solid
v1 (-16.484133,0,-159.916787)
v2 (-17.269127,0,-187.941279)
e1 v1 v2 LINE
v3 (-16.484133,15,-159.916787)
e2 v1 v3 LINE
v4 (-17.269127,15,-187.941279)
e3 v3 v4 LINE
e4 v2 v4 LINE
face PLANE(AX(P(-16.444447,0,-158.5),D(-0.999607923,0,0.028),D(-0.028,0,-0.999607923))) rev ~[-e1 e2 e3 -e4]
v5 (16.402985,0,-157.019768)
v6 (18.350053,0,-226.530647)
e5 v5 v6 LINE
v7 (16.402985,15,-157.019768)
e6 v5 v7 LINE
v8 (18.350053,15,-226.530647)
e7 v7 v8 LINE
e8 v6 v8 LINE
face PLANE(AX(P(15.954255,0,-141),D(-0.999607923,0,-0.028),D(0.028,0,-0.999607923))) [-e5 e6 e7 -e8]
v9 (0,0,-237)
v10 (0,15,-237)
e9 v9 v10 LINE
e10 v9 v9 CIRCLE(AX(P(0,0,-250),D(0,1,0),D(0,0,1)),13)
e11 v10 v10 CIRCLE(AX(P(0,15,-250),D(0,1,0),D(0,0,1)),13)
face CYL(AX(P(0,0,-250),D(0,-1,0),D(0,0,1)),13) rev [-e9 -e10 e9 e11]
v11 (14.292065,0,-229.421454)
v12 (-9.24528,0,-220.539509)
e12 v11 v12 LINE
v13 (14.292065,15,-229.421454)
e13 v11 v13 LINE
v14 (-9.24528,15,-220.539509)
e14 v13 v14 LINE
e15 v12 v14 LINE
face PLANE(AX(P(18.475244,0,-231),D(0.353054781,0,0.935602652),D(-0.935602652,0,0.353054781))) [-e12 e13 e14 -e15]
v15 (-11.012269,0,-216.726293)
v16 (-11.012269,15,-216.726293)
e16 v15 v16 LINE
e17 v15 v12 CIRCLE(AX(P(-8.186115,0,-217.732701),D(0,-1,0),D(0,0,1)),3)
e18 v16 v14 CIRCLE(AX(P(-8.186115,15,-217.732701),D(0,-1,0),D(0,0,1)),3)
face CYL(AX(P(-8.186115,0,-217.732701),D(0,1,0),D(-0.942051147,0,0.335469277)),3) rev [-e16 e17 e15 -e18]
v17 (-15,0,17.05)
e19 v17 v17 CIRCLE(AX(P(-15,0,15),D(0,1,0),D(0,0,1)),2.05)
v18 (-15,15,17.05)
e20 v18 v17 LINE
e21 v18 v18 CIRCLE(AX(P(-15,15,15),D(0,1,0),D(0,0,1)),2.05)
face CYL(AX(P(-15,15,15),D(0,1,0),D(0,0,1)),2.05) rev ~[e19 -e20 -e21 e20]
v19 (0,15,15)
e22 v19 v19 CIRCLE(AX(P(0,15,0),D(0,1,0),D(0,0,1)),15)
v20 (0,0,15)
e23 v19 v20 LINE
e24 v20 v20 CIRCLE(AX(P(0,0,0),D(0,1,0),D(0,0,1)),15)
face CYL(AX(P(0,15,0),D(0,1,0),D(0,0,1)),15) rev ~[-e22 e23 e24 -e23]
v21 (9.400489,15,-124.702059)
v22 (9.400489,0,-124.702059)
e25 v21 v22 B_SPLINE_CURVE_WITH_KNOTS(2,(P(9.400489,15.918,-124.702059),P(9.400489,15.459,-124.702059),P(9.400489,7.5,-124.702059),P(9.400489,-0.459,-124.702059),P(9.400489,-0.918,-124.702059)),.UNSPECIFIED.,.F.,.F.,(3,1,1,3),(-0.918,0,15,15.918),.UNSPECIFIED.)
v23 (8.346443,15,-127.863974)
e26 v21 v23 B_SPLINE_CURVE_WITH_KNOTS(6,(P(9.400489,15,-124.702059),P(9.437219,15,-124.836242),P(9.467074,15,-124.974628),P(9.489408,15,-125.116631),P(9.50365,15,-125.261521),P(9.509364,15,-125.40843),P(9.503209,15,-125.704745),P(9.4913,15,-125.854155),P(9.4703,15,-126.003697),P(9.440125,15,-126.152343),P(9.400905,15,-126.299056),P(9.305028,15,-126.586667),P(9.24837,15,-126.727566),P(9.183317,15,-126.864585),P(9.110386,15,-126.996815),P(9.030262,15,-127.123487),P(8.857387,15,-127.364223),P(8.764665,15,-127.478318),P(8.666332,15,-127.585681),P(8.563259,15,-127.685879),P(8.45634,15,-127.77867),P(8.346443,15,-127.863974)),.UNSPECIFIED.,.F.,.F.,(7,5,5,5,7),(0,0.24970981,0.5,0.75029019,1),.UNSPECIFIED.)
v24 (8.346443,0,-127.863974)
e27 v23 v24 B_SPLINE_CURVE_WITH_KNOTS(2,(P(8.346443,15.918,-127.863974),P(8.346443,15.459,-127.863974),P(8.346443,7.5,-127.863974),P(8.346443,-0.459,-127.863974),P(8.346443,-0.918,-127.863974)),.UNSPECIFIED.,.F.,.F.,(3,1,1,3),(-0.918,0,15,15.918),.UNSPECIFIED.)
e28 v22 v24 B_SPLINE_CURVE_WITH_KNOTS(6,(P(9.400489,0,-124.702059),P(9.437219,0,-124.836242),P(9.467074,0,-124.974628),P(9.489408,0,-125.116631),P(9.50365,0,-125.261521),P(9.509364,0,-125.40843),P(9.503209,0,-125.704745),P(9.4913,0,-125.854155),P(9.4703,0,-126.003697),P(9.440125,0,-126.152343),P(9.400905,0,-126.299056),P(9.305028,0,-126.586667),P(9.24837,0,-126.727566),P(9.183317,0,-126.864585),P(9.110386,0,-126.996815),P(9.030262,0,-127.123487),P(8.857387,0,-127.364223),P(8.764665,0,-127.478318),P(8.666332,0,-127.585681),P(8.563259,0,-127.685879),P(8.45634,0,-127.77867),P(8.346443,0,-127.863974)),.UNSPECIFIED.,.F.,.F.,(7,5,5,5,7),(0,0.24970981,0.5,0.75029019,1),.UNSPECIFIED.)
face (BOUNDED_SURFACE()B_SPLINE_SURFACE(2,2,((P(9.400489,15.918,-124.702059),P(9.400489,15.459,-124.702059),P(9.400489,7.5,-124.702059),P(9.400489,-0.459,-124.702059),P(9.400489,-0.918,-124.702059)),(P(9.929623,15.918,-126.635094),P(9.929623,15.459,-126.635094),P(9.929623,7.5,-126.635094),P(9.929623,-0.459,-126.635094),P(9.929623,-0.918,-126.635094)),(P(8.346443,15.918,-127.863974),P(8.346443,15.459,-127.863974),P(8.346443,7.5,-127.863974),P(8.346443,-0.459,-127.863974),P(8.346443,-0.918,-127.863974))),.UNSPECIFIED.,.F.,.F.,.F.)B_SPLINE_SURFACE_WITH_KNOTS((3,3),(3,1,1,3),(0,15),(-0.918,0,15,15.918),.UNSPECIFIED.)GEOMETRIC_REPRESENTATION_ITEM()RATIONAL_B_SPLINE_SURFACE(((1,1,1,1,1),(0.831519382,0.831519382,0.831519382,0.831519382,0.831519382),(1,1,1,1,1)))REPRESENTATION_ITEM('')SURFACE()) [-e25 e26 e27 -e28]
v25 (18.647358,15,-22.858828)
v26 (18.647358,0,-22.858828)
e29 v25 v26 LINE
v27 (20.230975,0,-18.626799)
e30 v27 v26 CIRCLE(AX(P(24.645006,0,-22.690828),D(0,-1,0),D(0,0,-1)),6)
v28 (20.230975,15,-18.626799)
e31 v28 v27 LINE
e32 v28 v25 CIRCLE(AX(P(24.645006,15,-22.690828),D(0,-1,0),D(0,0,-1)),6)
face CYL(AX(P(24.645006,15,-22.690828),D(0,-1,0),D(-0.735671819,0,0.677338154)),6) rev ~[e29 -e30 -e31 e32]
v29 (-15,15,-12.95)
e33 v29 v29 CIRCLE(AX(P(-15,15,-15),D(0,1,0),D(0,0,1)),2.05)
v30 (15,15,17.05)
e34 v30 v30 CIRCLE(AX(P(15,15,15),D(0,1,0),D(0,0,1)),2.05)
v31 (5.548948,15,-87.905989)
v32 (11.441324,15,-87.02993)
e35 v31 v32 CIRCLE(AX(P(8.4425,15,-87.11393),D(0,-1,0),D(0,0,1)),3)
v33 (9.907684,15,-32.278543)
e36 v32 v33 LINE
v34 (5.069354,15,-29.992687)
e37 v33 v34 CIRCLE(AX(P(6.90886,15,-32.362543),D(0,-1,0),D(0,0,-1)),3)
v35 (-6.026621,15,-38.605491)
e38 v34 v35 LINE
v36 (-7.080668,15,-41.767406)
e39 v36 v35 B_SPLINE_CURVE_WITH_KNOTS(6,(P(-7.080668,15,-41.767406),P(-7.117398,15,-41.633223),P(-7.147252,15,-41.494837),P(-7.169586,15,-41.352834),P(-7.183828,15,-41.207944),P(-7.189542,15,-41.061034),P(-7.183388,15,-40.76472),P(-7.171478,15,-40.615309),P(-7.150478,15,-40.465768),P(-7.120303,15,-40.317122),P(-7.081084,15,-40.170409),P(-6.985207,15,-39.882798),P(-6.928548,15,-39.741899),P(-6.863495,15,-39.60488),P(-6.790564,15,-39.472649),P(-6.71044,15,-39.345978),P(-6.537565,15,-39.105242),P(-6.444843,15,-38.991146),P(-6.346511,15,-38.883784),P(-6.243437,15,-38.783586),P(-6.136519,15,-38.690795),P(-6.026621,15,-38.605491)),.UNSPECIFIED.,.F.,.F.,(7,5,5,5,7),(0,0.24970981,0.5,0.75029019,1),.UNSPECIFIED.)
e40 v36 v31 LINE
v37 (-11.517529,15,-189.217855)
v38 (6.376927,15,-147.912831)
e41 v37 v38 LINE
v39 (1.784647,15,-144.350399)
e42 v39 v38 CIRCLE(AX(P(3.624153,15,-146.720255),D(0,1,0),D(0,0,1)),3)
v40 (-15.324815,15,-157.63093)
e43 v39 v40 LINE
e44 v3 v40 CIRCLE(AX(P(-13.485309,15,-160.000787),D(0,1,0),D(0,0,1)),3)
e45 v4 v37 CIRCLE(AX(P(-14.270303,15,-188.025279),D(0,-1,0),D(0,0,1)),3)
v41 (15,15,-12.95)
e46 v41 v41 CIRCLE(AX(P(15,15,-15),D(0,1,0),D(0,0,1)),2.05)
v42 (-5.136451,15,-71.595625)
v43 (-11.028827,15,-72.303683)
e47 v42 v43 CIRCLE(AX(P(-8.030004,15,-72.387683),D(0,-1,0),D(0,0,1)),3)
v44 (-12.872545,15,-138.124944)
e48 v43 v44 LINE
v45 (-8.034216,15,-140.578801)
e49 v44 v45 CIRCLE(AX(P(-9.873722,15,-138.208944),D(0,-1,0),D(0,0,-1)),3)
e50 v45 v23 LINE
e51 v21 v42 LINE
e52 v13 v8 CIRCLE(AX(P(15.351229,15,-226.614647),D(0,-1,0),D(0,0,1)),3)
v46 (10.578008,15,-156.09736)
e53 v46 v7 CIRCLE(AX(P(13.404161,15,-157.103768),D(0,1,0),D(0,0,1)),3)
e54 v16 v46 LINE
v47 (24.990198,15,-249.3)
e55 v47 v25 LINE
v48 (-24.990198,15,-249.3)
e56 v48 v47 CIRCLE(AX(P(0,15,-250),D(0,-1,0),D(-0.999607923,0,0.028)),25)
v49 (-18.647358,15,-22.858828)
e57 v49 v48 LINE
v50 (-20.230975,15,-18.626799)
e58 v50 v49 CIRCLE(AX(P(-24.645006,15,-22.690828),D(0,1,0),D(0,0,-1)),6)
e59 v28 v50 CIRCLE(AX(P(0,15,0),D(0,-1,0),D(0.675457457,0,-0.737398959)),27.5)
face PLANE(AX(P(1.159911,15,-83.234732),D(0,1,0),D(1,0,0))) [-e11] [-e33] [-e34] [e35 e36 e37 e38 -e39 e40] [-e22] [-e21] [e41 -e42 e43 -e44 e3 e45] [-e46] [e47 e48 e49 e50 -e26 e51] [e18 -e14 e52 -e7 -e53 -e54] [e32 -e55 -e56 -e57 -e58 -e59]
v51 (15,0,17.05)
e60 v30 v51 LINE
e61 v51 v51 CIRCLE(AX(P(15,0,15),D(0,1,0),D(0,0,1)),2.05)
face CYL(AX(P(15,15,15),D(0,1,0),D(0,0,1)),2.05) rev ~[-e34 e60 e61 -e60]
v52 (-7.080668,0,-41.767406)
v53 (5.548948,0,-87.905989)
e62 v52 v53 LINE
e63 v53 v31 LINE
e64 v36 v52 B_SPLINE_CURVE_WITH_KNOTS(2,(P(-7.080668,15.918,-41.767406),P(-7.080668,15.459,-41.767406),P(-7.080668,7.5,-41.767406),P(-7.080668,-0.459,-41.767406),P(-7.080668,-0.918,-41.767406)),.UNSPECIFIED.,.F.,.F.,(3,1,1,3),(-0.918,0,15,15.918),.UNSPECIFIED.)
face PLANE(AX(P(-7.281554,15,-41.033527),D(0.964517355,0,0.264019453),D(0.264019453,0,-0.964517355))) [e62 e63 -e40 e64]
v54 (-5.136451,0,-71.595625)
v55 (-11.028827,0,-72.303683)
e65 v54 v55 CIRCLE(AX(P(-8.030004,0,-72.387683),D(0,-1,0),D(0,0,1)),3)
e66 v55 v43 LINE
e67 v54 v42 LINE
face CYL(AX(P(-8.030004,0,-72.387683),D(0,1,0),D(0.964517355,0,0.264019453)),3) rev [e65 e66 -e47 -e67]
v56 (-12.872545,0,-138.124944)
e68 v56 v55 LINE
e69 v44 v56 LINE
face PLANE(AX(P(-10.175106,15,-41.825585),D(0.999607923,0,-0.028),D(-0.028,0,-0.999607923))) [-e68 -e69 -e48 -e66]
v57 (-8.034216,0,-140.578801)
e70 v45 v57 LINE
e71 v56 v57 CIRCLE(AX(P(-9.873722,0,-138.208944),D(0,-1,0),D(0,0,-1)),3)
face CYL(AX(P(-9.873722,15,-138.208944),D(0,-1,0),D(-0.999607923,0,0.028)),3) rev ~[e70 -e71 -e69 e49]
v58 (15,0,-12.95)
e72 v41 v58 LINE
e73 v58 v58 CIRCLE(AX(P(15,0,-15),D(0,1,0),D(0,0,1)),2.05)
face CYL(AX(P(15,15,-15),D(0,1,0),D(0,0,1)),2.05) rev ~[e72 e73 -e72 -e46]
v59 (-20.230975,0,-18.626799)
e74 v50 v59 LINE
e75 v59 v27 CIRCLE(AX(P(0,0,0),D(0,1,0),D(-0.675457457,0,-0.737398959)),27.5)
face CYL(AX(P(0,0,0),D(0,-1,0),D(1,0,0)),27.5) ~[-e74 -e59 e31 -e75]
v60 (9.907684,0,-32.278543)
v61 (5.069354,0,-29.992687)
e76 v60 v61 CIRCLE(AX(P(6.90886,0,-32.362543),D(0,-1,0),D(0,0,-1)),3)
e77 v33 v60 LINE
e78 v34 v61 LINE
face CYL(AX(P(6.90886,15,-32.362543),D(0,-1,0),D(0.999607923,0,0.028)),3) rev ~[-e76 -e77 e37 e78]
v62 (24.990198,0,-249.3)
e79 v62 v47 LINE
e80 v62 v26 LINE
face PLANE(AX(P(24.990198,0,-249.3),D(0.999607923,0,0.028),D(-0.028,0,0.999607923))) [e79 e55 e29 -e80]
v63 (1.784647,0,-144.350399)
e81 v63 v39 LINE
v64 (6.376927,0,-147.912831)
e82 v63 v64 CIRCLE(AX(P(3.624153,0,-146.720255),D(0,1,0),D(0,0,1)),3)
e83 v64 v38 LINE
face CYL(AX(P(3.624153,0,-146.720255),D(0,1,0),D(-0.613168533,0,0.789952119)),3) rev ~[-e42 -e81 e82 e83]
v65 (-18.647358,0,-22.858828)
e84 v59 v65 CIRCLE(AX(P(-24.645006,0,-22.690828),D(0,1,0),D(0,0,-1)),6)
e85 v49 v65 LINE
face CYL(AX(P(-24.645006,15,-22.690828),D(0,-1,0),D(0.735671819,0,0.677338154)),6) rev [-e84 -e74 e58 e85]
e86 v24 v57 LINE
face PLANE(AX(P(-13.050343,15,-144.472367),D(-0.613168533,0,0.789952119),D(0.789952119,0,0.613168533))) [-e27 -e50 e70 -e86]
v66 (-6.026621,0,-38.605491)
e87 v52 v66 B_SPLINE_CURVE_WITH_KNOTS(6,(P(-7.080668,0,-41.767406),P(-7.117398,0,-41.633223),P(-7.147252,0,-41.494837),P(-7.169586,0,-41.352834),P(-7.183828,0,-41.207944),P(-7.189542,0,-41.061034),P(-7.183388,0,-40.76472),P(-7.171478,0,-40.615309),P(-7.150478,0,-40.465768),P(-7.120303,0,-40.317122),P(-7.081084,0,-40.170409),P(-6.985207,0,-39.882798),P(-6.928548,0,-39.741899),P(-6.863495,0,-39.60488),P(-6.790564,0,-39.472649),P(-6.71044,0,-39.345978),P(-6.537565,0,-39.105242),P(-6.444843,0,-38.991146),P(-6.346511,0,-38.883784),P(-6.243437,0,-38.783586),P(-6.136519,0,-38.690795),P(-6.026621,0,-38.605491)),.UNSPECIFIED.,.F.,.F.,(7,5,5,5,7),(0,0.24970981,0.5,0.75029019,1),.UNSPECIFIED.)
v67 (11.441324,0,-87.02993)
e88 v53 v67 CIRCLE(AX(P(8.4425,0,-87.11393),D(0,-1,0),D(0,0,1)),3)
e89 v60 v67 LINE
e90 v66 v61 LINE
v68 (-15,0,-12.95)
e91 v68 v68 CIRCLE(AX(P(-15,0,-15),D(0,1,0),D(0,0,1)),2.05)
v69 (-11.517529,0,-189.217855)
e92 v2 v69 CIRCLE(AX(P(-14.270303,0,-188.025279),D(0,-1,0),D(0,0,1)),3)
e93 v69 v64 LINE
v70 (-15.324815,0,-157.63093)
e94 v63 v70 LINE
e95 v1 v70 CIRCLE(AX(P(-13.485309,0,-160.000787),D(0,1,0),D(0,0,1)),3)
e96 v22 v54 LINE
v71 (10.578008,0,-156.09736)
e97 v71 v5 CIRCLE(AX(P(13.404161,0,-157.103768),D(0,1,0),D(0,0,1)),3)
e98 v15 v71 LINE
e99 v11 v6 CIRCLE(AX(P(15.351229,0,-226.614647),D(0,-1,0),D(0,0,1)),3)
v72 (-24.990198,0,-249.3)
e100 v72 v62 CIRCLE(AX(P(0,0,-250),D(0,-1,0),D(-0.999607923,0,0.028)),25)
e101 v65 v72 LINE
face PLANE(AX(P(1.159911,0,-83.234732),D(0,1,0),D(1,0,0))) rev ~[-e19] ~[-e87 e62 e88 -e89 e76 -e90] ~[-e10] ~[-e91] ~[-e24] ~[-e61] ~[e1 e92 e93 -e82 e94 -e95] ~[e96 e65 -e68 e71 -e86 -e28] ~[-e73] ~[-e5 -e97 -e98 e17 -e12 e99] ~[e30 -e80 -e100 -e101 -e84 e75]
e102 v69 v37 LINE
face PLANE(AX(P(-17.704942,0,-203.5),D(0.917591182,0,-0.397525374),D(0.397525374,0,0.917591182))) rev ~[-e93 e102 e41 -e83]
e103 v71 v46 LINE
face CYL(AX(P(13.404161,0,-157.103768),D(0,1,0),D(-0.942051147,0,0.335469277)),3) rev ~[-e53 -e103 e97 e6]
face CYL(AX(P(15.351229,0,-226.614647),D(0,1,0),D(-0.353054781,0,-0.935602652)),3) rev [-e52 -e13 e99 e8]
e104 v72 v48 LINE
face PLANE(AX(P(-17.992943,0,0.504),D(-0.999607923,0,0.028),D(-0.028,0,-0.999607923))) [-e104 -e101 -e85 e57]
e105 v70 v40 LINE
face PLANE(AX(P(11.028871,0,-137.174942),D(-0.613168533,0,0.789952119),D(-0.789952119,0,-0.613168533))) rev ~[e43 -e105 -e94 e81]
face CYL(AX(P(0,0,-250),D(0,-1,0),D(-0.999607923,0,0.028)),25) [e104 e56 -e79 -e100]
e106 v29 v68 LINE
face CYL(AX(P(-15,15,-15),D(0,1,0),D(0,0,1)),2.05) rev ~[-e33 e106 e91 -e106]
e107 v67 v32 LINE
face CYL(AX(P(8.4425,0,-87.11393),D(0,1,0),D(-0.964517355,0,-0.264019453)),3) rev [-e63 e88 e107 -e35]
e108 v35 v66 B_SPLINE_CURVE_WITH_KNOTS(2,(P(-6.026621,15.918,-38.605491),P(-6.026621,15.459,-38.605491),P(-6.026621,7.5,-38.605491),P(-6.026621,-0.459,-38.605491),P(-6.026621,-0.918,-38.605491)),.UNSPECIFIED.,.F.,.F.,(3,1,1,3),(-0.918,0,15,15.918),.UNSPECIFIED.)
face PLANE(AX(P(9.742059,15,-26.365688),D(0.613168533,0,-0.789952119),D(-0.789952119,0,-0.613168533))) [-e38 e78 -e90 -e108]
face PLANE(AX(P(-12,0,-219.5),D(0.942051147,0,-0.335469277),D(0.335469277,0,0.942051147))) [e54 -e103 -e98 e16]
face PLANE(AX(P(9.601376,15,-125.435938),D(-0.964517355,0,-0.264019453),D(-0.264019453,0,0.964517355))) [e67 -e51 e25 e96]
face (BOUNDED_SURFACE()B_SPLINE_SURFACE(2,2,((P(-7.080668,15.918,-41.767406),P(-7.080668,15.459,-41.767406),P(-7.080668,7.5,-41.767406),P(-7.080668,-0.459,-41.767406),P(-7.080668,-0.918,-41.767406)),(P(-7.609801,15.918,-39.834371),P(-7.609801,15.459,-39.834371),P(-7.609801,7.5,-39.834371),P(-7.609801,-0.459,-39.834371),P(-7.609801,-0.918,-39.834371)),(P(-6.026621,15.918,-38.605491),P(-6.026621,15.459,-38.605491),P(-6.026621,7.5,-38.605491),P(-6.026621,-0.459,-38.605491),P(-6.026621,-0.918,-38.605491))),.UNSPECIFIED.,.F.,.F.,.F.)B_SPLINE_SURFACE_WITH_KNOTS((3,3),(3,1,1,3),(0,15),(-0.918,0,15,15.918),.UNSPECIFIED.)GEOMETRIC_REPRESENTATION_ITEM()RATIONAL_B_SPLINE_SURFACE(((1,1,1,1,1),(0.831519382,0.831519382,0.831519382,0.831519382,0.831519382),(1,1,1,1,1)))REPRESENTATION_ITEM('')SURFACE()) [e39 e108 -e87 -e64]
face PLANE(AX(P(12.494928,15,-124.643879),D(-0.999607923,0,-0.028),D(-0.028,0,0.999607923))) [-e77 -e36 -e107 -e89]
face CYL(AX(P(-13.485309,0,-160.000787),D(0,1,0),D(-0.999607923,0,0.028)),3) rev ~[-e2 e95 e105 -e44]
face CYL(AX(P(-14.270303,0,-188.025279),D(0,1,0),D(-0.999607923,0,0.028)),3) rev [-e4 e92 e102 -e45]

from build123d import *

# Parameters (mm, degrees)
SKETCH_1_R          = 5.05
SKETCH_1_R_2        = 13
EXTRUDE_1_DEPTH     = 15
FILLET_1_R          = 3
CUT_EXTRUDE_3_DEPTH = 277.54113618
FILLET_2_R          = 3
EXTRUDE_START       = -15
SKETCH_5_R          = 27.5
SKETCH_5_R_2        = 5.05
EXTRUDE_2_DEPTH     = 15
FILLET_3_R          = 6
EXTRUDE_3_DEPTH     = 15
FILLET_4_R          = 3
SKETCH_7_R          = 2.05
CUT_EXTRUDE_4_DEPTH = 277.778340916
SKETCH_8_R          = 15
CUT_EXTRUDE_5_DEPTH = 277.778340916


with BuildPart() as part:
    # 草图1 → 凸台-拉伸1 (new body)
    with BuildSketch(Plane(origin=(0, 0, 0), x_dir=(1, 0, 0), z_dir=(0, 1, 0))):
        with BuildLine():
            Line((-17.992942616, -0.504), (-24.990198078, 249.3))
            ThreePointArc((-24.990198078, 249.3), (0, 275), (24.990198078, 249.3))
            Line((24.990198078, 249.3), (17.992942616, -0.504))
            ThreePointArc((17.992942616, -0.504), (0, -18), (-17.992942616, -0.504))
        make_face()
        with Locations(Location((0, 0, 0), (0, 0, 270))):
            Circle(SKETCH_1_R, mode=Mode.SUBTRACT)
        with Locations(Location((0, 250, 0), (0, 0, 270))):
            Circle(SKETCH_1_R_2, mode=Mode.SUBTRACT)
        Polygon((-16.444447487, 158.5), (-17.704941698, 203.5), (11.028871219, 137.174942267), align=None, mode=Mode.SUBTRACT)
        Polygon((15.954255294, 141), (18.475243716, 231), (-12, 219.5), align=None, mode=Mode.SUBTRACT)
    extrude(amount=EXTRUDE_1_DEPTH)

    # 圆角1
    fillet_1_edges = [part.edges().sort_by_distance(p)[0] for p in [
        (-16.444447487, 7.5, -158.5),
        (11.028871219, 7.5, -137.174942267),
        (-17.704941698, 7.5, -203.5),
        (18.475243716, 7.5, -231),
        (-12, 7.5, -219.5),
        (15.954255294, 7.5, -141),
    ]]
    fillet(fillet_1_edges, radius=FILLET_1_R)

    # 草图4 → 切除-拉伸3 (cut, through all)
    with BuildSketch(Plane(origin=(0, 15, 0), x_dir=(1, 0, 0), z_dir=(0, 1, 0))):
        Polygon((-13.050343026, 144.472367448), (12.494927596, 124.643879429), (9.742058902, 26.365688077), (-10.175105816, 41.825585442), align=None)
    extrude(amount=-CUT_EXTRUDE_3_DEPTH, mode=Mode.SUBTRACT)

    # 圆角2
    fillet_2_edges = [part.edges().sort_by_distance(p)[0] for p in [
        (-10.175105816, 7.5, -41.825585442),
        (-13.050343026, 7.5, -144.472367448),
        (9.742058902, 7.5, -26.365688077),
    ]]
    fillet(fillet_2_edges, radius=FILLET_2_R)

    # 草图5 → 凸台-拉伸2 (add)
    with BuildSketch(Plane(origin=(0, 15, 0), x_dir=(1, 0, 0), z_dir=(0, 1, 0)).offset(EXTRUDE_START)):
        Circle(SKETCH_5_R)
        with Locations(Location((0, 0, 0), (0, 0, 270))):
            Circle(SKETCH_5_R_2, mode=Mode.SUBTRACT)
    extrude(amount=EXTRUDE_2_DEPTH)

    # 圆角3
    fillet_3_edges = [part.edges().sort_by_distance(p)[0] for p in [
        (-18.575080057, 7.5, -20.278471364),
        (18.575080057, 7.5, -20.278471364),
    ]]
    fillet(fillet_3_edges, radius=FILLET_3_R)

    # 草图6 → 凸台-拉伸3 (add)
    with BuildSketch(Plane(origin=(0, 15, 0), x_dir=(1, 0, 0), z_dir=(0, 1, 0))):
        Polygon((9.60137553, 125.435937788), (-13.068657882, 42.617643801), (-7.609801347, 39.834371112), (-7.28155375, 41.033527083), (15.388479662, 123.85182107), (9.929623127, 126.635093759), align=None)
    extrude(amount=-EXTRUDE_3_DEPTH)

    # 圆角4
    fillet_4_edges = [part.edges().sort_by_distance(p)[0] for p in [
        (9.929623127, 7.5, -126.635093759),
        (12.14036175, 7.5, -111.985778385),
        (-7.609801347, 7.5, -39.834371112),
        (-10.463842583, 7.5, -52.133569747),
    ]]
    fillet(fillet_4_edges, radius=FILLET_4_R)

    # 草图7 → 切除-拉伸4 (cut, through all)
    with BuildSketch(Plane(origin=(0, 15, 0), x_dir=(1, 0, 0), z_dir=(0, 1, 0))):
        with Locations(Location((15, 15, 0), (0, 0, 270))):
            Circle(SKETCH_7_R)
        with Locations(Location((-15, 15, 0), (0, 0, 270))):
            Circle(SKETCH_7_R)
        with Locations(Location((-15, -15, 0), (0, 0, 270))):
            Circle(SKETCH_7_R)
        with Locations(Location((15, -15, 0), (0, 0, 270))):
            Circle(SKETCH_7_R)
    extrude(amount=-CUT_EXTRUDE_4_DEPTH, mode=Mode.SUBTRACT)

    # 草图8 → 切除-拉伸5 (cut, through all)
    with BuildSketch(Plane(origin=(0, 15, 0), x_dir=(1, 0, 0), z_dir=(0, 1, 0))):
        with Locations(Location((0, 0, 0), (0, 0, 270))):
            Circle(SKETCH_8_R)
    extrude(amount=-CUT_EXTRUDE_5_DEPTH, mode=Mode.SUBTRACT)


solid = part.part
